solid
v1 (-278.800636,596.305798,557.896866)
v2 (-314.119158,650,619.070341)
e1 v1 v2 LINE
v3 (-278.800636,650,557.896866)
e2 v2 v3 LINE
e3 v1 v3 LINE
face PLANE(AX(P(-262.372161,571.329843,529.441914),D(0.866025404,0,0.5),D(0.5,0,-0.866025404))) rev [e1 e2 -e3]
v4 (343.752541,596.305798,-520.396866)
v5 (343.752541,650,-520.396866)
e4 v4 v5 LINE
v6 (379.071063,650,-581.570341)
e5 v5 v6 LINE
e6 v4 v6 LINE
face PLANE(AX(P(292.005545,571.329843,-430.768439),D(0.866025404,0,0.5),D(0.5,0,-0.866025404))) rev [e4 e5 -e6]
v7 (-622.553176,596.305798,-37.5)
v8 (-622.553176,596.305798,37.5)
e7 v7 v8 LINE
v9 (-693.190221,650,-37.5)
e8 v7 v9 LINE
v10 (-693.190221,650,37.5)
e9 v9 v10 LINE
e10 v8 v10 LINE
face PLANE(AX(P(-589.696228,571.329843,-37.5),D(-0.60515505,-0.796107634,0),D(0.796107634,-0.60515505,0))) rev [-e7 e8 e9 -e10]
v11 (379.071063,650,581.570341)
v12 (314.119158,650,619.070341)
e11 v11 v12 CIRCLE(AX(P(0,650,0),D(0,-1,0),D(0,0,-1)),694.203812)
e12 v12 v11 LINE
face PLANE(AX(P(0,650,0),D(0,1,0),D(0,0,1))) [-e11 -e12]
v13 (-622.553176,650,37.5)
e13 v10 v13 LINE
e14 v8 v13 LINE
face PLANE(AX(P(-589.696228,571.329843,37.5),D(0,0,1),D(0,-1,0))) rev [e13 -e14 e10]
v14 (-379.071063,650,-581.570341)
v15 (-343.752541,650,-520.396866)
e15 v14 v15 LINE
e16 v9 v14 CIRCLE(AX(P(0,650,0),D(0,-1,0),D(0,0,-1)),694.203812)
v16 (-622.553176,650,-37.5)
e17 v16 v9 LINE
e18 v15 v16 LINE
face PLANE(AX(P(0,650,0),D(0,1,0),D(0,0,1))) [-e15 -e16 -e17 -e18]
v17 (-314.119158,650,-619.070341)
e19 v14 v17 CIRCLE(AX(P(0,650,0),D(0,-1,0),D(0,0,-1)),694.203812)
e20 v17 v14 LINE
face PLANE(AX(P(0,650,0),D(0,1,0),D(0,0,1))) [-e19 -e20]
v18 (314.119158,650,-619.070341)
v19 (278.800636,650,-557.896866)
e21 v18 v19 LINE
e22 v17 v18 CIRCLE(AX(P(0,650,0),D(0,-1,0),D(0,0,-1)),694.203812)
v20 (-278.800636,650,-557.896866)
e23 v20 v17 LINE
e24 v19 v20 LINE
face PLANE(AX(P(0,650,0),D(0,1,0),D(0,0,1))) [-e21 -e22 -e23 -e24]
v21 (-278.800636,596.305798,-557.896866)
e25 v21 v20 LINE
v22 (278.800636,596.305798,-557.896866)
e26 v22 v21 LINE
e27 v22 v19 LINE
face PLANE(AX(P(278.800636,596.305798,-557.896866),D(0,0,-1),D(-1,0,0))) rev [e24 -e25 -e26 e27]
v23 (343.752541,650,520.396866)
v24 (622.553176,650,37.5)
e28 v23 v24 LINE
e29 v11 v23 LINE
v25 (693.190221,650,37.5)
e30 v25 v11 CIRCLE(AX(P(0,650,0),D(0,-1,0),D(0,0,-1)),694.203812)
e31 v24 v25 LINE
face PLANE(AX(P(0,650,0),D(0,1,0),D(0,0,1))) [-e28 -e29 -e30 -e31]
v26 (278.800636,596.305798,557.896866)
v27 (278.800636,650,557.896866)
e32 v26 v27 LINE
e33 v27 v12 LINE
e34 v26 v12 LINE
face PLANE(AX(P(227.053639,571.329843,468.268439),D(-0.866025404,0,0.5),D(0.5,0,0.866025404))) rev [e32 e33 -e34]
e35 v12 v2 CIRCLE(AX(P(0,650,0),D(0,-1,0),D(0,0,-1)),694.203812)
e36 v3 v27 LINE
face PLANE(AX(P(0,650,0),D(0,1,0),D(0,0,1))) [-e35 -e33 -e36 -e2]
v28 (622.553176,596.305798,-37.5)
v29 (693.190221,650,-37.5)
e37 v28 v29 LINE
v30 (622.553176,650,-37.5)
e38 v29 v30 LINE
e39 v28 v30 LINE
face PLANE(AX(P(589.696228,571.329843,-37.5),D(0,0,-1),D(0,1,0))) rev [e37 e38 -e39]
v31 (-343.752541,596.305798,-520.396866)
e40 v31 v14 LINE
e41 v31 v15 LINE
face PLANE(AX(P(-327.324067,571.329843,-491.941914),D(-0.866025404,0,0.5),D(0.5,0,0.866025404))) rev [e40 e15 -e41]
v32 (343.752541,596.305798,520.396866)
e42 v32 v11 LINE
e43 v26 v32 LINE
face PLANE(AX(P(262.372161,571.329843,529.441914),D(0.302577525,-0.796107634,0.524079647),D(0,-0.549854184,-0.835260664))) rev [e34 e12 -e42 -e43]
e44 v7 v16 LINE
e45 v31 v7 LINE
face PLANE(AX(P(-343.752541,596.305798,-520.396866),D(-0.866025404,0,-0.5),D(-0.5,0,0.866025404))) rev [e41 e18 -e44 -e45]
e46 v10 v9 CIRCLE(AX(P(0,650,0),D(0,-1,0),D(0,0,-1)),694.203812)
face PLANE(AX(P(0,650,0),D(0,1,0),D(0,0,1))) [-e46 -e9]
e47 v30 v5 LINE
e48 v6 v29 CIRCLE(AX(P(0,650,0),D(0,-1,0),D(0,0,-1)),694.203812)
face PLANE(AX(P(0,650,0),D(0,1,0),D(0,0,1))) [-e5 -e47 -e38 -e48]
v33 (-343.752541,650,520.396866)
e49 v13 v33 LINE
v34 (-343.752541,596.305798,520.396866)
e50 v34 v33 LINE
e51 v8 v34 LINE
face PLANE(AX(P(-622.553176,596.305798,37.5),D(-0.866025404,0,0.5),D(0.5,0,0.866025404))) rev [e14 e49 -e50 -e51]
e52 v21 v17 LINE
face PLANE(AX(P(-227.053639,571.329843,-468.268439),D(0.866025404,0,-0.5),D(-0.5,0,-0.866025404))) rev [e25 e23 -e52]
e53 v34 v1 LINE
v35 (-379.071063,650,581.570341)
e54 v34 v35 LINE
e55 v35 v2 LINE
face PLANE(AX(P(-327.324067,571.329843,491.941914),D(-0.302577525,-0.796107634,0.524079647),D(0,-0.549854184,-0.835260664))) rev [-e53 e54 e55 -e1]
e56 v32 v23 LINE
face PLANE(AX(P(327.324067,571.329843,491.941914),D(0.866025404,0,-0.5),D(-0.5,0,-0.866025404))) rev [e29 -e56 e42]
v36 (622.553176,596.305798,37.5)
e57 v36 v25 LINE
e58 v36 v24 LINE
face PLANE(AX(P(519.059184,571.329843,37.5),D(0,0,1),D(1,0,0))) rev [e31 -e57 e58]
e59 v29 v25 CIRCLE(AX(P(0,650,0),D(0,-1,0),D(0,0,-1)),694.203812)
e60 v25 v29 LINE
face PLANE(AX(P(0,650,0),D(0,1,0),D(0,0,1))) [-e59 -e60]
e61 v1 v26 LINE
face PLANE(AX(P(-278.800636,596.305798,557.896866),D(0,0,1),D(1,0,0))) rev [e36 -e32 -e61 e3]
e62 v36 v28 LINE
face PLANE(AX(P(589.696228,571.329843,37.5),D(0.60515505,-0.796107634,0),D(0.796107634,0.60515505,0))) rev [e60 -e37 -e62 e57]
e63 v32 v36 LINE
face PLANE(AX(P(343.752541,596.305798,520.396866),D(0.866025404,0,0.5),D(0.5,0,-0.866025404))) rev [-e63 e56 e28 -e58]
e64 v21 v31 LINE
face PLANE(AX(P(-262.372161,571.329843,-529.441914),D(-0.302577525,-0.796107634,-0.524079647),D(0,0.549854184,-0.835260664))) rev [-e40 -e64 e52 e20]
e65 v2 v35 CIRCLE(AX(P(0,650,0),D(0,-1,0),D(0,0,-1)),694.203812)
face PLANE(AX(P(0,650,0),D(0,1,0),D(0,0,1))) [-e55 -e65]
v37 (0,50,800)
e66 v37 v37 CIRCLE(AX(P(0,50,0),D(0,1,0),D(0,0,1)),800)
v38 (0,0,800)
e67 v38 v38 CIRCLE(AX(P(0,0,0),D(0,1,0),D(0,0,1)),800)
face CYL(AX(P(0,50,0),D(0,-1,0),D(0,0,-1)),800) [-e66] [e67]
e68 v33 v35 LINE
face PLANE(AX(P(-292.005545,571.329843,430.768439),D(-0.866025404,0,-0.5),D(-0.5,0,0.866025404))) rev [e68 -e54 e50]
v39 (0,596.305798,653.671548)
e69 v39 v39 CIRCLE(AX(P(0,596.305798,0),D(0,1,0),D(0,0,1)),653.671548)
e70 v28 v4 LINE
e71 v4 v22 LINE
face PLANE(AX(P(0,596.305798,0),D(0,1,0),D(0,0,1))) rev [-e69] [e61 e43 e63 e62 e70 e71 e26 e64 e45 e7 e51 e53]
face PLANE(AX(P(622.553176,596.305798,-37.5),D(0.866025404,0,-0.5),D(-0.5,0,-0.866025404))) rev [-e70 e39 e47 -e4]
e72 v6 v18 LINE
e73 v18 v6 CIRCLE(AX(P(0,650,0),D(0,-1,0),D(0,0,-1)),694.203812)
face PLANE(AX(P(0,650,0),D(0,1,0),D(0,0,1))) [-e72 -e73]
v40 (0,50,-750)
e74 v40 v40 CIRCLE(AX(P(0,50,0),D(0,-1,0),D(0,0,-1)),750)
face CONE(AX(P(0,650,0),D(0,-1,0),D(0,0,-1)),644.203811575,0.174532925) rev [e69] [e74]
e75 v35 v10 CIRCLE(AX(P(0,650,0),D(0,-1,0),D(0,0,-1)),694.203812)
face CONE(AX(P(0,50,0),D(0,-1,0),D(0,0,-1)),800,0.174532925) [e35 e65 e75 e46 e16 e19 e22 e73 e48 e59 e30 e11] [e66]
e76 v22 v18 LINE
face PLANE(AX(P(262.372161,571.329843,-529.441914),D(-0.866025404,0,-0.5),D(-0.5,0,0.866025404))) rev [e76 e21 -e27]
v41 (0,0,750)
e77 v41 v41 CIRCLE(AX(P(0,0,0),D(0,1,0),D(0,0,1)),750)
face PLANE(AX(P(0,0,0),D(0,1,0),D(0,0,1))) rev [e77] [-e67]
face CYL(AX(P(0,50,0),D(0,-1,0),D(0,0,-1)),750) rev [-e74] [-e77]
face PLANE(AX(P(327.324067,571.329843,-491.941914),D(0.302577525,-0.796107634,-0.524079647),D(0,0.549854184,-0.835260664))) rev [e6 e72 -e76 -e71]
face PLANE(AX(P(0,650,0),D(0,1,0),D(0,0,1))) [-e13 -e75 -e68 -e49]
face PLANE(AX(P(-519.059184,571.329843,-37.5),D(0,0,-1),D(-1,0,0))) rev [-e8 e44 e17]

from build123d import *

# Parameters (mm, degrees)
SKETCH1_R           = 800
SKETCH1_R_2         = 750
BOSS_EXTRUDE1_DEPTH = 50
SKETCH15_R          = 694.203811575
BOSS_EXTRUDE2_DEPTH = 53.694202
SKETCH18_W          = 70.63704417
SKETCH18_H          = 75
CUT_EXTRUDE4_DEPTH  = 130
CIRPATTERN1_COUNT   = 6


with BuildPart() as part:
    # Sketch1 → Boss-Extrude1 (new body)
    with BuildSketch(Plane(origin=(0, 0, 0), x_dir=(1, 0, 0), z_dir=(0, 1, 0))):
        with Locations(Location((0, 0, 0), (0, 0, 270))):
            Circle(SKETCH1_R)
        with Locations(Location((0, 0, 0), (0, 0, 270))):
            Circle(SKETCH1_R_2, mode=Mode.SUBTRACT)
    extrude(amount=BOSS_EXTRUDE1_DEPTH)

    # Sketch14 → Revolve1 (revolve)
    with BuildSketch(Plane(origin=(0, 0, 0), x_dir=(0, 0, -1), z_dir=(1, 0, 0)), mode=Mode.PRIVATE) as revolve1_sk:
        Polygon((-644.203811575, 650), (-750, 50), (-800, 50), (-694.203811575, 650), align=None)
    revolve(revolve1_sk.sketch.rotate(Axis((0, 0, 0), (0, 1, 0)), 180), axis=Axis((0, 0, 0), (0, 1, 0)))

    # Sketch15 → Boss-Extrude2 (add)
    with BuildSketch(Plane(origin=(0, 650, 0), x_dir=(1, 0, 0), z_dir=(0, 1, 0))):
        Circle(SKETCH15_R)
        Polygon((278.800635598, 557.896866039), (343.752540882, 520.396866039), (622.55317648, 37.5), (622.55317648, -37.5), (343.752540882, -520.396866039), (278.800635598, -557.896866039), (-278.800635598, -557.896866039), (-343.752540882, -520.396866039), (-622.55317648, -37.5), (-622.55317648, 37.5), (-343.752540882, 520.396866039), (-278.800635598, 557.896866039), align=None, mode=Mode.SUBTRACT)
    extrude(amount=-BOSS_EXTRUDE2_DEPTH)

    # Sketch18 → Cut-Extrude4 (cut, along a direction that is not the sketch's normal)
    with BuildSketch(Plane(origin=(0, 650, 0), x_dir=(1, 0, 0), z_dir=(0, 1, 0))):
        with Locations((657.871698565, 0)):
            Rectangle(SKETCH18_W, SKETCH18_H)
    cut_extrude4 = extrude(amount=-CUT_EXTRUDE4_DEPTH, dir=(0.7961076341406244, 0.6051550502664734, 0), mode=Mode.SUBTRACT)

    # CirPattern1: Cut-Extrude4 ×6 about axis
    cirpattern1_axis = Axis((0, 0, 0), (0, 1, 0))
    for i in range(1, CIRPATTERN1_COUNT):
        add(cut_extrude4.rotate(cirpattern1_axis, i * 360 / CIRPATTERN1_COUNT), mode=Mode.SUBTRACT)


solid = part.part
